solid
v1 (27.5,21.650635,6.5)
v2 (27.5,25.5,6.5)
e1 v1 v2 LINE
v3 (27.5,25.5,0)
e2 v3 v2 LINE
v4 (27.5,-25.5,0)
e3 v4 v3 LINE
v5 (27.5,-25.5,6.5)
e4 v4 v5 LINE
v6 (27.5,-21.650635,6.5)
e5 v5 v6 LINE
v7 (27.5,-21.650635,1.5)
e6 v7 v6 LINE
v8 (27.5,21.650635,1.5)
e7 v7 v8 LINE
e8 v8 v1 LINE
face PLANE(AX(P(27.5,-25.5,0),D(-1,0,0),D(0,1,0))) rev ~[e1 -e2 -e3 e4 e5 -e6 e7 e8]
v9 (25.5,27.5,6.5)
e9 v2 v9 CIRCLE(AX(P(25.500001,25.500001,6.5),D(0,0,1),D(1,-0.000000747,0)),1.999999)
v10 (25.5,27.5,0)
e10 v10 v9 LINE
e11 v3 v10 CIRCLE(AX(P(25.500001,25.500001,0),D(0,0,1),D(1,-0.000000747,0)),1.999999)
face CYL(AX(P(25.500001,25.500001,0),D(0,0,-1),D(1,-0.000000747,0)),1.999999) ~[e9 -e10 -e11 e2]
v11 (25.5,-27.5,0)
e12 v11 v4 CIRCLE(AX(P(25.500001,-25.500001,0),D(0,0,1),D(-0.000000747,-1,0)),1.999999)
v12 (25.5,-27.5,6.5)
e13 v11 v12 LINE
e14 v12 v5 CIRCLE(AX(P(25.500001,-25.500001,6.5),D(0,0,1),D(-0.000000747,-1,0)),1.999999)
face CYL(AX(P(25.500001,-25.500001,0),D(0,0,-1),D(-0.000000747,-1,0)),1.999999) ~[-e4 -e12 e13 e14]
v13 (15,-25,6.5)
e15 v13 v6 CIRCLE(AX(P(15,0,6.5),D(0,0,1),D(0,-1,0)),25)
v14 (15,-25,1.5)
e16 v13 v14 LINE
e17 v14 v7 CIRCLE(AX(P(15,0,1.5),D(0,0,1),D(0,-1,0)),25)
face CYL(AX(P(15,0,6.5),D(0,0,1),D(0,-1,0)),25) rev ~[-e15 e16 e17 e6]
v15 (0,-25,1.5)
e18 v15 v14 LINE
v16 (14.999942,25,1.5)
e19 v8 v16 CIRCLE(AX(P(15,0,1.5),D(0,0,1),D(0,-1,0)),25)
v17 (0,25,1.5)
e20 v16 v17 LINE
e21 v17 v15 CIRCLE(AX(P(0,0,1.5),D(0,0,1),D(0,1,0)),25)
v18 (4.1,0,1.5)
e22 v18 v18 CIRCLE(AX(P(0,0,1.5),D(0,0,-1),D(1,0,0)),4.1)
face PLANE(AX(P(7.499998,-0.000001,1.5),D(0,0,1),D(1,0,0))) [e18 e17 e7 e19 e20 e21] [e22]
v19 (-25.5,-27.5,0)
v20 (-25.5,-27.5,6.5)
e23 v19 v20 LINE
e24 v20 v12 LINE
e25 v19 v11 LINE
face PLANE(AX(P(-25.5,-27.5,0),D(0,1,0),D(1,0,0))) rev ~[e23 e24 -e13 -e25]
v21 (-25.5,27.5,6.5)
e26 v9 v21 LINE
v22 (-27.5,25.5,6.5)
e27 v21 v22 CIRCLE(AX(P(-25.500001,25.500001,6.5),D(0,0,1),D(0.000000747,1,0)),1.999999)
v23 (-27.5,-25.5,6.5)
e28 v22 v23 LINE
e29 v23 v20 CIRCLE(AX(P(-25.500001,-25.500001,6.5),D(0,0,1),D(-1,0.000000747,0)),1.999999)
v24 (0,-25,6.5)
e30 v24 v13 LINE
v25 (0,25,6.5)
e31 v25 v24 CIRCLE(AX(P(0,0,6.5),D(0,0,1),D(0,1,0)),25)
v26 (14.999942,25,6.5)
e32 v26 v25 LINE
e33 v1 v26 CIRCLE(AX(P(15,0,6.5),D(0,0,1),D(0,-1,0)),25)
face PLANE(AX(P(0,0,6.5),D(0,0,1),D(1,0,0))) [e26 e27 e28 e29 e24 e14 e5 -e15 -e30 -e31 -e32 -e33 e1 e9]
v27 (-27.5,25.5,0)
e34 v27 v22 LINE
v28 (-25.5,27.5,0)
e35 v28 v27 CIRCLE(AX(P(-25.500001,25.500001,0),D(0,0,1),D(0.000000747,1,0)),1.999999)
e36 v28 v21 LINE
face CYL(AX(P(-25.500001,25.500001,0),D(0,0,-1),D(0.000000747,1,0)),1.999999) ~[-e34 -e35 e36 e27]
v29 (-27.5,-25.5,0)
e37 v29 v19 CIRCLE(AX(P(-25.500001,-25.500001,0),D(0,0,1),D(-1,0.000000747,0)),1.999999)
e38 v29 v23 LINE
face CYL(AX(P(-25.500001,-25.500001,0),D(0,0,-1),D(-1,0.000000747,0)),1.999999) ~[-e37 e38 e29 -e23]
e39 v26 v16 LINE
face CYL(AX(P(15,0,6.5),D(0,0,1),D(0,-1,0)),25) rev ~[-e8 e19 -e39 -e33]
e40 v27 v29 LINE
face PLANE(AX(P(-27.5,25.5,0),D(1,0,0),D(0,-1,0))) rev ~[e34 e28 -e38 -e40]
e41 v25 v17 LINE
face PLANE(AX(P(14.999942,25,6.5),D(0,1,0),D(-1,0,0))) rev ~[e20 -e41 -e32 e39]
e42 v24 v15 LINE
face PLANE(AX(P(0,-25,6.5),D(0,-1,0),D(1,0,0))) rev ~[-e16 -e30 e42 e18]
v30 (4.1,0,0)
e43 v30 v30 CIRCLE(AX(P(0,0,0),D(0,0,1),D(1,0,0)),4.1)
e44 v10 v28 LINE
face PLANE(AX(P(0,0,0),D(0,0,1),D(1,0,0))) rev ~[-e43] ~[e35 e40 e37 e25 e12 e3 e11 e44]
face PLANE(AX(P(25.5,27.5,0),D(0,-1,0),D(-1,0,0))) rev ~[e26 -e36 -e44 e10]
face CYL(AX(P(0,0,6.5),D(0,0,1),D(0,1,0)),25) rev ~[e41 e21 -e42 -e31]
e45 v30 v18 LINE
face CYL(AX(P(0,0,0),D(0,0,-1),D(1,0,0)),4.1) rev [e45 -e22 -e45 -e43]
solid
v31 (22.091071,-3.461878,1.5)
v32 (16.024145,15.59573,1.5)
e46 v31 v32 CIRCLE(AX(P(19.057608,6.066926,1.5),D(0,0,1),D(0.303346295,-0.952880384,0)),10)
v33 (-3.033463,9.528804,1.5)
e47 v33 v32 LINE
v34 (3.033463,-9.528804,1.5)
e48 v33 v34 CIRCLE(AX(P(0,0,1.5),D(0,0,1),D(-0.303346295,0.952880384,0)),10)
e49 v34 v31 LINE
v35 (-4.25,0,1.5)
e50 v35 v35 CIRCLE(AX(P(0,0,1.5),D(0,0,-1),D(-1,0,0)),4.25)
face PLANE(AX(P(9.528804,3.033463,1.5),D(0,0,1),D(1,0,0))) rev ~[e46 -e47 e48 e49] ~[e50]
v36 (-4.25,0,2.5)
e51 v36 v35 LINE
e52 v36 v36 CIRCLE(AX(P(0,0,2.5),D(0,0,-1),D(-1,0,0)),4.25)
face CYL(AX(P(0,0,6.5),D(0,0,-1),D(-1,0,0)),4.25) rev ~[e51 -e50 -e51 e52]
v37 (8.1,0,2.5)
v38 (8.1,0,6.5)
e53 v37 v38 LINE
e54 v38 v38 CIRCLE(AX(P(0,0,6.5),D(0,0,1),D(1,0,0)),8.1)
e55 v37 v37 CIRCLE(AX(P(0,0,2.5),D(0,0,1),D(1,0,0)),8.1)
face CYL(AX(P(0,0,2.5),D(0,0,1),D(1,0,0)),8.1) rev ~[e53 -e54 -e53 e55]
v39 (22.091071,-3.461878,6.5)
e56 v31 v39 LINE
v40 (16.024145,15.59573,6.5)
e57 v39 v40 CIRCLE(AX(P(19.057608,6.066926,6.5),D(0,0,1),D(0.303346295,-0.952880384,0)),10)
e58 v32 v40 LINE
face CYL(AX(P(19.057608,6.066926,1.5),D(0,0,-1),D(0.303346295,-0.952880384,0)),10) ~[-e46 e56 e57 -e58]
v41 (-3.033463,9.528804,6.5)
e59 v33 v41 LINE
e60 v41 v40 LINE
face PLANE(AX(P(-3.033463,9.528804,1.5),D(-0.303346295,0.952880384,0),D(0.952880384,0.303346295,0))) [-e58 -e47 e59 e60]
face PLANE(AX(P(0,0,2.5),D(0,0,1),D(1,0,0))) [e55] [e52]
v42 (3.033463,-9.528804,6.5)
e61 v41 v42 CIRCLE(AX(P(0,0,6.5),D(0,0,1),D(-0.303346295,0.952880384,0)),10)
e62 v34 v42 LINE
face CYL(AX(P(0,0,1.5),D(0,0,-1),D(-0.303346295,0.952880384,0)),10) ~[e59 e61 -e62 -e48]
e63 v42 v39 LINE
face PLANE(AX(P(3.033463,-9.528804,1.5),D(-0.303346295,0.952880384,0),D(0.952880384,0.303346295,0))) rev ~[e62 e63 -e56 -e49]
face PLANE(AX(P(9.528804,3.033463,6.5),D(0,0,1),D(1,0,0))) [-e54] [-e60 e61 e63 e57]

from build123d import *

# Parameters (mm, degrees)
PAD_DEPTH        = 5
HOLE_D           = 8.5
HOLE_CBORE_D     = 16.2
HOLE_CBORE_DEPTH = 4
PAD001_DEPTH     = 6.5
POCKET_DEPTH     = 5
SKETCH005_R      = 4.1
POCKET001_DEPTH  = 6.501


with BuildPart() as body:
    # Sketch001 → Pad (new body)
    with BuildSketch(Plane.XY):
        with BuildLine():
            ThreePointArc((-3.033463, 9.528804), (-9.528804, -3.033463), (3.033463, -9.528804))
            Line((3.033463, -9.528804), (22.091071, -3.461878))
            ThreePointArc((22.091071, -3.461878), (28.586412, 9.100389), (16.024145, 15.59573))
            Line((-3.033463, 9.528804), (16.024145, 15.59573))
        make_face()
    extrude(amount=PAD_DEPTH)

    # Hole (through all)
    with Locations(Plane.XY.offset(5)):
        with Locations((0, 0)):
            CounterBoreHole(HOLE_D / 2, HOLE_CBORE_D / 2, HOLE_CBORE_DEPTH)


with BuildPart() as body_1:
    # Body placement: moved
    add(body.part.moved(Location((0, 0, 1.5))))


with BuildPart() as corpo:
    # Sketch003 → Pad001 (new body)
    with BuildSketch(Plane.XY):
        with BuildLine():
            Line((-27.5, 25.5), (-27.5, -25.5))
            ThreePointArc((-27.5, -25.5), (-26.914214, -26.914214), (-25.5, -27.5))
            Line((-25.5, -27.5), (25.5, -27.5))
            ThreePointArc((25.5, -27.5), (26.914214, -26.914214), (27.5, -25.5))
            Line((27.5, -25.5), (27.5, 25.5))
            ThreePointArc((27.5, 25.5), (26.914214, 26.914214), (25.5, 27.5))
            Line((25.5, 27.5), (-25.5, 27.5))
            ThreePointArc((-25.5, 27.5), (-26.914214, 26.914214), (-27.5, 25.5))
        make_face()
    extrude(amount=PAD001_DEPTH)

    # Sketch004 → Pocket (cut)
    with BuildSketch(Plane.XY.offset(6.5)):
        with BuildLine():
            ThreePointArc((0, 25), (-25, 0), (0, -25))
            Line((0, -25), (15, -25))
            ThreePointArc((15, -25), (40, 2.9e-05), (14.999942, 25))
            Line((14.999942, 25), (0, 25))
        make_face()
    extrude(amount=-POCKET_DEPTH, mode=Mode.SUBTRACT)

    # Sketch005 → Pocket001 (cut, through all)
    with BuildSketch(Plane.XY):
        Circle(SKETCH005_R)
    extrude(amount=POCKET001_DEPTH, mode=Mode.SUBTRACT)


solid = Compound([body_1.part, corpo.part])
